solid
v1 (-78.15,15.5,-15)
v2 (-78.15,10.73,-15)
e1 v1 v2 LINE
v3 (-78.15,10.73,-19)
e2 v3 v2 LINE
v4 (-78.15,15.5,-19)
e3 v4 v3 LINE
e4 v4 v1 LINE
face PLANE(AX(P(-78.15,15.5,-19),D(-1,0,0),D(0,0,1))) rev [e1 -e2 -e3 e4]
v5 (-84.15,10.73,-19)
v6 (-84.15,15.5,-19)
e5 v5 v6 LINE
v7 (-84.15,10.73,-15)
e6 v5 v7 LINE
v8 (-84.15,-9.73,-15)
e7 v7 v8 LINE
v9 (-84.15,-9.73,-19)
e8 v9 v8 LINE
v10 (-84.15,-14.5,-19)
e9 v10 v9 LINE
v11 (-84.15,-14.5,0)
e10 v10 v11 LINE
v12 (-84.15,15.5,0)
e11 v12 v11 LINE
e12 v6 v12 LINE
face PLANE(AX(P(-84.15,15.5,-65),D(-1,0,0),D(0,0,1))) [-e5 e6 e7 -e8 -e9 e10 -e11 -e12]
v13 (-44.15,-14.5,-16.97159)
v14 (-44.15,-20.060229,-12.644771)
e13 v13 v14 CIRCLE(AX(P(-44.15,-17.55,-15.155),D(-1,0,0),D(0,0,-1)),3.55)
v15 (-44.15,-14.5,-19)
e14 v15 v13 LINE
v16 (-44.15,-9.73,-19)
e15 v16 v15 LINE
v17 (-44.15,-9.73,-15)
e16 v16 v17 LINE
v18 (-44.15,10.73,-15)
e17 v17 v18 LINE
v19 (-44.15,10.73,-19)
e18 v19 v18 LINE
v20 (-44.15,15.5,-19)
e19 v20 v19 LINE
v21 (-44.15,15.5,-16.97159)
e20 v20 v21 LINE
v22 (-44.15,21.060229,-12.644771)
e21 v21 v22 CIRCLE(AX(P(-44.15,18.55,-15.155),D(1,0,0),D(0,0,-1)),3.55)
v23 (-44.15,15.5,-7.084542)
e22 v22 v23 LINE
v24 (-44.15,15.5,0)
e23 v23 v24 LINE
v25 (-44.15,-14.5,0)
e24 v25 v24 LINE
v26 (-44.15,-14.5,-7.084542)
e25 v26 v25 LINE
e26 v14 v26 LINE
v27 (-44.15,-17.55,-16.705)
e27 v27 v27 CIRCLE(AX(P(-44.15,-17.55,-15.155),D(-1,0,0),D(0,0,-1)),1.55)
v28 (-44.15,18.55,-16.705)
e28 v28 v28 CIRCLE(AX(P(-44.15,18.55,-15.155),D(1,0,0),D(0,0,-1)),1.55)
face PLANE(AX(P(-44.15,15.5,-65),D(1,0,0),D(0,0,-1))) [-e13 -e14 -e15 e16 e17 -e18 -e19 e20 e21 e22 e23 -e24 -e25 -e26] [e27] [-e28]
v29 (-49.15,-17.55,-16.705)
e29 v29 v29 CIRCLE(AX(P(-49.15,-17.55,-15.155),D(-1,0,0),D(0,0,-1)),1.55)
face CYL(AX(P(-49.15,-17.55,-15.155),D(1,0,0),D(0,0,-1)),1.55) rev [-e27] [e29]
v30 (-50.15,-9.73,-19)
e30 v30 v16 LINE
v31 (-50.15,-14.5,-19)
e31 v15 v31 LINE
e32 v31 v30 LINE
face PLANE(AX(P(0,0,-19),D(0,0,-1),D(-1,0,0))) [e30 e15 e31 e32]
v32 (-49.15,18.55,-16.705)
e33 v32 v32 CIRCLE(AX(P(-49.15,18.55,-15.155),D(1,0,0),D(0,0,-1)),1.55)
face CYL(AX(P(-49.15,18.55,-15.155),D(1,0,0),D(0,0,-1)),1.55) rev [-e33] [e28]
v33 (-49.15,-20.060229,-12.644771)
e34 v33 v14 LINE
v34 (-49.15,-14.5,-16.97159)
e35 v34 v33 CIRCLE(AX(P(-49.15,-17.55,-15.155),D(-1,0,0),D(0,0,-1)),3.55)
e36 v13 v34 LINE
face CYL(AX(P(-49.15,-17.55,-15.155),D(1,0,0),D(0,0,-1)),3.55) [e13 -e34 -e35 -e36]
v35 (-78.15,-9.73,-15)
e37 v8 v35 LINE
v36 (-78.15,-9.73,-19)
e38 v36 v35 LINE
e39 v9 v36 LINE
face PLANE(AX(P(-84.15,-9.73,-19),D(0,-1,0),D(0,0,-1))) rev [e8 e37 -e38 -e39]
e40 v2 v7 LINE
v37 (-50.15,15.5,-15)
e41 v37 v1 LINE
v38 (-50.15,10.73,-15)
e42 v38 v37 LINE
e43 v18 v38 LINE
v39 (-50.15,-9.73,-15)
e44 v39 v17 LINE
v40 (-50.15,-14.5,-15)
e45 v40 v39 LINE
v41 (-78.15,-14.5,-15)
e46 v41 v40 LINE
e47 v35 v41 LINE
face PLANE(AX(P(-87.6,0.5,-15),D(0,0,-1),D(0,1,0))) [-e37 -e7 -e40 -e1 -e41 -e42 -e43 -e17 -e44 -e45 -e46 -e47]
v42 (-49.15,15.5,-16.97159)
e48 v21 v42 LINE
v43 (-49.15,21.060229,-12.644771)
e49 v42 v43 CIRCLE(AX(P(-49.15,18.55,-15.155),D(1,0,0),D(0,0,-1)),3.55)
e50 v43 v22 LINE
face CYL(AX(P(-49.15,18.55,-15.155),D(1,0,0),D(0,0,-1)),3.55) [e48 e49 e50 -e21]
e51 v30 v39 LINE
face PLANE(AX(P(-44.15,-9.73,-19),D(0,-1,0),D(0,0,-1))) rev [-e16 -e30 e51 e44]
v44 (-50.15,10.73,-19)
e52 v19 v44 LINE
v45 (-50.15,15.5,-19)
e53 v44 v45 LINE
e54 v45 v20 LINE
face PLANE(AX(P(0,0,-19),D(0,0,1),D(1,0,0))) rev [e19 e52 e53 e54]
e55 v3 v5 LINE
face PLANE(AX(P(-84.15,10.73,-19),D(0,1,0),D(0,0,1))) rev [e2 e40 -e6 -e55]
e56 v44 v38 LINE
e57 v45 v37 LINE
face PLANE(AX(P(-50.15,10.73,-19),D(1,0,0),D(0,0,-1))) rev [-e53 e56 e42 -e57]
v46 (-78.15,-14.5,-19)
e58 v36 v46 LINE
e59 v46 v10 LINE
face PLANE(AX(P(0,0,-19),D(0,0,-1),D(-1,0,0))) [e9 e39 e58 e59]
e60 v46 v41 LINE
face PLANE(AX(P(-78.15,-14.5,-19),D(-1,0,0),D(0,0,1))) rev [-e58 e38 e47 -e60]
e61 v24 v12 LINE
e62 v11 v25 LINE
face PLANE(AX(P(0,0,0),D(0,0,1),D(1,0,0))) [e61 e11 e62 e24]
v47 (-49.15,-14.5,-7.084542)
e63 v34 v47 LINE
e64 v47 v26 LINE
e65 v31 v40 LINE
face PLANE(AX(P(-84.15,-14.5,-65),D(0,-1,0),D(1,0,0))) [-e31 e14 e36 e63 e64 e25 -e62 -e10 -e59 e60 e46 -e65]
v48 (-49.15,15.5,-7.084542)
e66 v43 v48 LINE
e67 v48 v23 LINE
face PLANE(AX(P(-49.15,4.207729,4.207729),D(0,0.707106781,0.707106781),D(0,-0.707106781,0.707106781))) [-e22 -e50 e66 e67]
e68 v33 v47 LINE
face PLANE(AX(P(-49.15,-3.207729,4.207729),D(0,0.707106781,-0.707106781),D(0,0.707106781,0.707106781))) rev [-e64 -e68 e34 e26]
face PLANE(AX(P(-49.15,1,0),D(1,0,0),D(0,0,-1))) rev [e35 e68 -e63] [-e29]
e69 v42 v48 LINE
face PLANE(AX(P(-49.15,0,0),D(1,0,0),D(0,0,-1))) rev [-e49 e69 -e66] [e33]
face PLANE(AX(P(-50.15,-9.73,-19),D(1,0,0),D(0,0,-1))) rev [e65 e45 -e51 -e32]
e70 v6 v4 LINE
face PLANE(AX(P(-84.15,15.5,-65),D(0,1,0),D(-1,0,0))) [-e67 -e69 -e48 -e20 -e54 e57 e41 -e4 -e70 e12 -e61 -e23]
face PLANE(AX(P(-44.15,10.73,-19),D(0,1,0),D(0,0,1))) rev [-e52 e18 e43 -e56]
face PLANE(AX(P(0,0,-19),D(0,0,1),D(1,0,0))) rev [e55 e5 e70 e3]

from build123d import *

# Parameters (mm, degrees)
SKETCH_1_W      = 40
SKETCH_1_H      = 30
EXTRUDE_1_DEPTH = 15
SKETCH_3_R      = 1.55
EXTRUDE_2_DEPTH = 5
SKETCH_4_W      = 6
SKETCH_4_H      = 4.77
EXTRUDE_3_DEPTH = 4


with BuildPart() as part:
    # 草图1 → 凸台-拉伸1 (new body)
    with BuildSketch(Plane.XY):
        with Locations((-64.15, 0.5)):
            Rectangle(SKETCH_1_W, SKETCH_1_H)
    extrude(amount=-EXTRUDE_1_DEPTH)

    # 草图3 → 凸台-拉伸2 (add)
    with BuildSketch(Plane(origin=(-44.15, 0, 0), x_dir=(0, 0, -1), z_dir=(1, 0, 0))):
        with BuildLine():
            Line((7.084541854, 15.5), (15, 15.5))
            Line((15, 15.5), (15, 15.003385417))
            ThreePointArc((15, 15.003385417), (18.463655357, 19.83658452), (12.644770927, 21.060229073))
            Line((12.644770927, 21.060229073), (7.084541854, 15.5))
        make_face()
        with Locations((15.155, 18.55)):
            Circle(SKETCH_3_R, mode=Mode.SUBTRACT)
    extrude_2 = extrude(amount=-EXTRUDE_2_DEPTH)

    # 镜向2: 凸台-拉伸2 across plane
    add(extrude_2.mirror(Plane.ZX.offset(0.5)))

    # 草图4 → 凸台-拉伸3 (add)
    with BuildSketch(Plane(origin=(0, 0, -15), x_dir=(-1, 0, 0), z_dir=(0, 0, -1))):
        with Locations((47.15, 13.115)):
            Rectangle(SKETCH_4_W, SKETCH_4_H)
        with Locations((81.15, 13.115)):
            Rectangle(SKETCH_4_W, SKETCH_4_H)
        with Locations((81.15, -12.115)):
            Rectangle(SKETCH_4_W, SKETCH_4_H)
        with Locations((47.15, -12.115)):
            Rectangle(SKETCH_4_W, SKETCH_4_H)
    extrude(amount=EXTRUDE_3_DEPTH)


solid = part.part
